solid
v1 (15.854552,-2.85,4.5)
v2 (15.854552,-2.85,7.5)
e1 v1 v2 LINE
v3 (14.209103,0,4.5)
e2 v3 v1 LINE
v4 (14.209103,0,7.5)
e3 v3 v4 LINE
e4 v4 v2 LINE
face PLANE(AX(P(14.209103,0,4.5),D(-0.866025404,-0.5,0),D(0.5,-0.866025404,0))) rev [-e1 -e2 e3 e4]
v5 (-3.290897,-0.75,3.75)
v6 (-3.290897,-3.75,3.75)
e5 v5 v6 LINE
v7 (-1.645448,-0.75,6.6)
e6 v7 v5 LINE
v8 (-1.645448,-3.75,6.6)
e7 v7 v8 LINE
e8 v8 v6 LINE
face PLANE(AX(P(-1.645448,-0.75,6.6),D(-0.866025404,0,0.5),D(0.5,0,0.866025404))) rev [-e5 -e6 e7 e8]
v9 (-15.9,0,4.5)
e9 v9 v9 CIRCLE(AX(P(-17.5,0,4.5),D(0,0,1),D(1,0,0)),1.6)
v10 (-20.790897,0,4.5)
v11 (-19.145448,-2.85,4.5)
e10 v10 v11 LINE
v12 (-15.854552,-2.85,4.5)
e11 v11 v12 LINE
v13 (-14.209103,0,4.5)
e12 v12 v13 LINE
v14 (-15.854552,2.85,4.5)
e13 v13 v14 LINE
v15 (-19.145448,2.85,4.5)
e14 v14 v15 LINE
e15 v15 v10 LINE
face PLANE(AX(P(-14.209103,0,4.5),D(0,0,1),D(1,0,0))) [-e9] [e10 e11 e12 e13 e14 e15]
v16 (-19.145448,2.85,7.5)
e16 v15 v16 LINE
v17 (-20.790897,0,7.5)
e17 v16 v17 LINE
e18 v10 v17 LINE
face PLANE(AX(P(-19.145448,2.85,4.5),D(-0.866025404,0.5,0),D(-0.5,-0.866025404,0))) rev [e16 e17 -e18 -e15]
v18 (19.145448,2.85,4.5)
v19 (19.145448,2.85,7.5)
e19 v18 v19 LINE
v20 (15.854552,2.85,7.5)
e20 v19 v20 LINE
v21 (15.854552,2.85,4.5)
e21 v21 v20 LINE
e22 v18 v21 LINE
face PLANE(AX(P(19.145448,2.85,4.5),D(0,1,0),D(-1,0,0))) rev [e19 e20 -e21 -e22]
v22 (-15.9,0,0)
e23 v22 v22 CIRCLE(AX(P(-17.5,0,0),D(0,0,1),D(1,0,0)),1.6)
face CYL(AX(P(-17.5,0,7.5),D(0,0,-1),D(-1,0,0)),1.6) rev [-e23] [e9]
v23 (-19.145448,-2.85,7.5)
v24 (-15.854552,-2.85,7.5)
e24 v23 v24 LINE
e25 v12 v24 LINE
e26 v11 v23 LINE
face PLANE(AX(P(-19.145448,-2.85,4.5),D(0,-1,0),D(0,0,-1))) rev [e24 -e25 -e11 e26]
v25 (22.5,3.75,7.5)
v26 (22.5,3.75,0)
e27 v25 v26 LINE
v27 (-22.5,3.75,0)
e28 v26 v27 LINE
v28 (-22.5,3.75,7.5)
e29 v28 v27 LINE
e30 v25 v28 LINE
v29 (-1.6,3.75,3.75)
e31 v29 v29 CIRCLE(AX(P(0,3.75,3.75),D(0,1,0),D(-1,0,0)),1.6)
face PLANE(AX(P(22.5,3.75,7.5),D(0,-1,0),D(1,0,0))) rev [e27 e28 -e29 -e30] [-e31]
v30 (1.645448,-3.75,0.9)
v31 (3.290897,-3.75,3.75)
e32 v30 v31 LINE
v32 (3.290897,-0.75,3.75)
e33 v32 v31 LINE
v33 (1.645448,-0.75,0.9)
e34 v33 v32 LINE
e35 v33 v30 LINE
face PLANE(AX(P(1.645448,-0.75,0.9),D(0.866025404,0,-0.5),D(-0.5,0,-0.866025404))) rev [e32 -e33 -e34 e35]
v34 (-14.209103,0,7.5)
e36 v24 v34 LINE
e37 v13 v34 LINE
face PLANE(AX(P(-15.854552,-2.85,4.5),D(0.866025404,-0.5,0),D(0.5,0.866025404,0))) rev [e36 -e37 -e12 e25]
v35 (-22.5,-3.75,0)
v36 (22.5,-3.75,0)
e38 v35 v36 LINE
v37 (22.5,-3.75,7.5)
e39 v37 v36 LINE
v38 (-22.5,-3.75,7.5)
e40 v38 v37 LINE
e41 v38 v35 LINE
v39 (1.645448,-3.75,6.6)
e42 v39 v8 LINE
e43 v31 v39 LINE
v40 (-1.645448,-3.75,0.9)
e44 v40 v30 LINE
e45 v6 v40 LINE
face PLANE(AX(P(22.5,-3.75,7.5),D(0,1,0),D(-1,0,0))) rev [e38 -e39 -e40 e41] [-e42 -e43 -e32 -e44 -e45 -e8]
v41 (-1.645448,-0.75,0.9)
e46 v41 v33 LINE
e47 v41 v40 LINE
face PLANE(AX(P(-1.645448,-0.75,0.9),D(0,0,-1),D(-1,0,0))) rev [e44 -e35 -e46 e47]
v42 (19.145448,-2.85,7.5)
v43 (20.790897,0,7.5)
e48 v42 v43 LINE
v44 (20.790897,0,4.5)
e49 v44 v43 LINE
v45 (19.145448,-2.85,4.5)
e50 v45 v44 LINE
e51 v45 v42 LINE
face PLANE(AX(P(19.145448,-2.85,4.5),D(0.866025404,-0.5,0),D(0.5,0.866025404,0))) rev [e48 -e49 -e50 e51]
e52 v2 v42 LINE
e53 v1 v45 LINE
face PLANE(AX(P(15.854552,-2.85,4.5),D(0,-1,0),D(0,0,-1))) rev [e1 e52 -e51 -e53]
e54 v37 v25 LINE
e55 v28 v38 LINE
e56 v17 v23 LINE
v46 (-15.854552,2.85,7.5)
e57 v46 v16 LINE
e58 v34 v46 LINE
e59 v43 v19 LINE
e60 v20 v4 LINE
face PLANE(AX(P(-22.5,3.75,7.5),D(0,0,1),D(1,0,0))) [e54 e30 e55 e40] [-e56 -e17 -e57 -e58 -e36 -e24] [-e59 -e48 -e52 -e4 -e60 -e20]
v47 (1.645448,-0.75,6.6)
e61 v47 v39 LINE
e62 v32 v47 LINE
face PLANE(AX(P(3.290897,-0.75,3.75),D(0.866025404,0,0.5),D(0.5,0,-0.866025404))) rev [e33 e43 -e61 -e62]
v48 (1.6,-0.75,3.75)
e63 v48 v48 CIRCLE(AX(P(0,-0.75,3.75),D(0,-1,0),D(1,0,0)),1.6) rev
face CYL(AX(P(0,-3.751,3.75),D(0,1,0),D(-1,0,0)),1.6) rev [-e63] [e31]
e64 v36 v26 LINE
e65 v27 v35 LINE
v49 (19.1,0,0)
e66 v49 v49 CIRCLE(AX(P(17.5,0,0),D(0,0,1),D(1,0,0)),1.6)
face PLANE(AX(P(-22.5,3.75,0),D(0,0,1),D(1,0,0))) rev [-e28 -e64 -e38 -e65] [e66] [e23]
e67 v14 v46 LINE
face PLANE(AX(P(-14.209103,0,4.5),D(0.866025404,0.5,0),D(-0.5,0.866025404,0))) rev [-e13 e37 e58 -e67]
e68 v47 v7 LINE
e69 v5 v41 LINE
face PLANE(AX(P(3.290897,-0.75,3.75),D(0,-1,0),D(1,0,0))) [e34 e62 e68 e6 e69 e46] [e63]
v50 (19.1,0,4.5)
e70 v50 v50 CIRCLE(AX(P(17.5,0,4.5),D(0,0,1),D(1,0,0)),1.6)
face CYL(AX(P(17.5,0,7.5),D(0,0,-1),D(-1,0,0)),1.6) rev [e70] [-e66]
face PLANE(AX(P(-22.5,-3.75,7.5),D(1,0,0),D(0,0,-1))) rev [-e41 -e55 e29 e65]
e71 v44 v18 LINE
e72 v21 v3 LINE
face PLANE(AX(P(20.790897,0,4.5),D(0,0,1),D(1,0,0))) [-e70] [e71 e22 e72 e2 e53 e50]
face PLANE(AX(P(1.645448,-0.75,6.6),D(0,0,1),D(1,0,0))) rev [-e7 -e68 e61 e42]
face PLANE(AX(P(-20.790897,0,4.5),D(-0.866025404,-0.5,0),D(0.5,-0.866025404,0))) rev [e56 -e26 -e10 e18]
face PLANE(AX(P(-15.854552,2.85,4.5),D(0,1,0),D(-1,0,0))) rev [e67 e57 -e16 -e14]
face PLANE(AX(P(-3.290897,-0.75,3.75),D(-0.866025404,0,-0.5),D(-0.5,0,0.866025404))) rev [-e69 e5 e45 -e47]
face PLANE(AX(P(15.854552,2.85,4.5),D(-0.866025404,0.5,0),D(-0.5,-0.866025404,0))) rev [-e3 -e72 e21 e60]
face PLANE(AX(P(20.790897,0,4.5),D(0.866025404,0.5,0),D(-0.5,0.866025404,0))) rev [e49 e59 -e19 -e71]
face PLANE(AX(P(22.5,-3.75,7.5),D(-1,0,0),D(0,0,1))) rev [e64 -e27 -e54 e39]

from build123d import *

# Parameters (mm, degrees)
CROQUIS1_W              = 45
CROQUIS1_H              = 7.5
CROQUIS1_R              = 1.6
SALIENTE_EXTRUIR1_DEPTH = 7.5
CORTAR_EXTRUIR1_REACH   = 9.5
CROQUIS2_R              = 1.6
CORTAR_EXTRUIR2_DEPTH   = 3
CORTAR_EXTRUIR3_DEPTH   = 3


with BuildPart() as part:
    # Croquis1 → Saliente-Extruir1 (new body)
    with BuildSketch(Plane.XY):
        Rectangle(CROQUIS1_W, CROQUIS1_H)
        with Locations((-17.5, 0)):
            Circle(CROQUIS1_R, mode=Mode.SUBTRACT)
        with Locations((17.5, 0)):
            Circle(CROQUIS1_R, mode=Mode.SUBTRACT)
    extrude(amount=SALIENTE_EXTRUIR1_DEPTH)

    # Croquis2 → Cortar-Extruir1 (cut, up to next)
    with BuildSketch(Plane(origin=(0, 3.75, 0), x_dir=(1, 0, 0), z_dir=(0, 1, 0)), mode=Mode.PRIVATE) as cortar_extruir1_sk1:
        with Locations((0, -3.75)):
            Circle(CROQUIS2_R)
    cortar_extruir1_tool1 = extrude(cortar_extruir1_sk1.sketch, amount=-CORTAR_EXTRUIR1_REACH, mode=Mode.PRIVATE) & part.part
    add(cortar_extruir1_tool1.solids().sort_by_distance((0, 3.75, 3.75))[0], mode=Mode.SUBTRACT)

    # Croquis3 → Cortar-Extruir2 (cut)
    with BuildSketch(Plane.XZ.offset(3.75)):
        Polygon((3.290896534, 3.75), (1.645448267, 6.6), (-1.645448267, 6.6), (-3.290896534, 3.75), (-1.645448267, 0.9), (1.645448267, 0.9), align=None)
    extrude(amount=-CORTAR_EXTRUIR2_DEPTH, mode=Mode.SUBTRACT)

    # Croquis4 → Cortar-Extruir3 (cut)
    with BuildSketch(Plane.XY.offset(7.5)):
        Polygon((-14.209103466, 0), (-15.854551733, 2.85), (-19.145448267, 2.85), (-20.790896534, 0), (-19.145448267, -2.85), (-15.854551733, -2.85), align=None)
        Polygon((20.790896534, 0), (19.145448267, 2.85), (15.854551733, 2.85), (14.209103466, 0), (15.854551733, -2.85), (19.145448267, -2.85), align=None)
    extrude(amount=-CORTAR_EXTRUIR3_DEPTH, mode=Mode.SUBTRACT)


solid = part.part
